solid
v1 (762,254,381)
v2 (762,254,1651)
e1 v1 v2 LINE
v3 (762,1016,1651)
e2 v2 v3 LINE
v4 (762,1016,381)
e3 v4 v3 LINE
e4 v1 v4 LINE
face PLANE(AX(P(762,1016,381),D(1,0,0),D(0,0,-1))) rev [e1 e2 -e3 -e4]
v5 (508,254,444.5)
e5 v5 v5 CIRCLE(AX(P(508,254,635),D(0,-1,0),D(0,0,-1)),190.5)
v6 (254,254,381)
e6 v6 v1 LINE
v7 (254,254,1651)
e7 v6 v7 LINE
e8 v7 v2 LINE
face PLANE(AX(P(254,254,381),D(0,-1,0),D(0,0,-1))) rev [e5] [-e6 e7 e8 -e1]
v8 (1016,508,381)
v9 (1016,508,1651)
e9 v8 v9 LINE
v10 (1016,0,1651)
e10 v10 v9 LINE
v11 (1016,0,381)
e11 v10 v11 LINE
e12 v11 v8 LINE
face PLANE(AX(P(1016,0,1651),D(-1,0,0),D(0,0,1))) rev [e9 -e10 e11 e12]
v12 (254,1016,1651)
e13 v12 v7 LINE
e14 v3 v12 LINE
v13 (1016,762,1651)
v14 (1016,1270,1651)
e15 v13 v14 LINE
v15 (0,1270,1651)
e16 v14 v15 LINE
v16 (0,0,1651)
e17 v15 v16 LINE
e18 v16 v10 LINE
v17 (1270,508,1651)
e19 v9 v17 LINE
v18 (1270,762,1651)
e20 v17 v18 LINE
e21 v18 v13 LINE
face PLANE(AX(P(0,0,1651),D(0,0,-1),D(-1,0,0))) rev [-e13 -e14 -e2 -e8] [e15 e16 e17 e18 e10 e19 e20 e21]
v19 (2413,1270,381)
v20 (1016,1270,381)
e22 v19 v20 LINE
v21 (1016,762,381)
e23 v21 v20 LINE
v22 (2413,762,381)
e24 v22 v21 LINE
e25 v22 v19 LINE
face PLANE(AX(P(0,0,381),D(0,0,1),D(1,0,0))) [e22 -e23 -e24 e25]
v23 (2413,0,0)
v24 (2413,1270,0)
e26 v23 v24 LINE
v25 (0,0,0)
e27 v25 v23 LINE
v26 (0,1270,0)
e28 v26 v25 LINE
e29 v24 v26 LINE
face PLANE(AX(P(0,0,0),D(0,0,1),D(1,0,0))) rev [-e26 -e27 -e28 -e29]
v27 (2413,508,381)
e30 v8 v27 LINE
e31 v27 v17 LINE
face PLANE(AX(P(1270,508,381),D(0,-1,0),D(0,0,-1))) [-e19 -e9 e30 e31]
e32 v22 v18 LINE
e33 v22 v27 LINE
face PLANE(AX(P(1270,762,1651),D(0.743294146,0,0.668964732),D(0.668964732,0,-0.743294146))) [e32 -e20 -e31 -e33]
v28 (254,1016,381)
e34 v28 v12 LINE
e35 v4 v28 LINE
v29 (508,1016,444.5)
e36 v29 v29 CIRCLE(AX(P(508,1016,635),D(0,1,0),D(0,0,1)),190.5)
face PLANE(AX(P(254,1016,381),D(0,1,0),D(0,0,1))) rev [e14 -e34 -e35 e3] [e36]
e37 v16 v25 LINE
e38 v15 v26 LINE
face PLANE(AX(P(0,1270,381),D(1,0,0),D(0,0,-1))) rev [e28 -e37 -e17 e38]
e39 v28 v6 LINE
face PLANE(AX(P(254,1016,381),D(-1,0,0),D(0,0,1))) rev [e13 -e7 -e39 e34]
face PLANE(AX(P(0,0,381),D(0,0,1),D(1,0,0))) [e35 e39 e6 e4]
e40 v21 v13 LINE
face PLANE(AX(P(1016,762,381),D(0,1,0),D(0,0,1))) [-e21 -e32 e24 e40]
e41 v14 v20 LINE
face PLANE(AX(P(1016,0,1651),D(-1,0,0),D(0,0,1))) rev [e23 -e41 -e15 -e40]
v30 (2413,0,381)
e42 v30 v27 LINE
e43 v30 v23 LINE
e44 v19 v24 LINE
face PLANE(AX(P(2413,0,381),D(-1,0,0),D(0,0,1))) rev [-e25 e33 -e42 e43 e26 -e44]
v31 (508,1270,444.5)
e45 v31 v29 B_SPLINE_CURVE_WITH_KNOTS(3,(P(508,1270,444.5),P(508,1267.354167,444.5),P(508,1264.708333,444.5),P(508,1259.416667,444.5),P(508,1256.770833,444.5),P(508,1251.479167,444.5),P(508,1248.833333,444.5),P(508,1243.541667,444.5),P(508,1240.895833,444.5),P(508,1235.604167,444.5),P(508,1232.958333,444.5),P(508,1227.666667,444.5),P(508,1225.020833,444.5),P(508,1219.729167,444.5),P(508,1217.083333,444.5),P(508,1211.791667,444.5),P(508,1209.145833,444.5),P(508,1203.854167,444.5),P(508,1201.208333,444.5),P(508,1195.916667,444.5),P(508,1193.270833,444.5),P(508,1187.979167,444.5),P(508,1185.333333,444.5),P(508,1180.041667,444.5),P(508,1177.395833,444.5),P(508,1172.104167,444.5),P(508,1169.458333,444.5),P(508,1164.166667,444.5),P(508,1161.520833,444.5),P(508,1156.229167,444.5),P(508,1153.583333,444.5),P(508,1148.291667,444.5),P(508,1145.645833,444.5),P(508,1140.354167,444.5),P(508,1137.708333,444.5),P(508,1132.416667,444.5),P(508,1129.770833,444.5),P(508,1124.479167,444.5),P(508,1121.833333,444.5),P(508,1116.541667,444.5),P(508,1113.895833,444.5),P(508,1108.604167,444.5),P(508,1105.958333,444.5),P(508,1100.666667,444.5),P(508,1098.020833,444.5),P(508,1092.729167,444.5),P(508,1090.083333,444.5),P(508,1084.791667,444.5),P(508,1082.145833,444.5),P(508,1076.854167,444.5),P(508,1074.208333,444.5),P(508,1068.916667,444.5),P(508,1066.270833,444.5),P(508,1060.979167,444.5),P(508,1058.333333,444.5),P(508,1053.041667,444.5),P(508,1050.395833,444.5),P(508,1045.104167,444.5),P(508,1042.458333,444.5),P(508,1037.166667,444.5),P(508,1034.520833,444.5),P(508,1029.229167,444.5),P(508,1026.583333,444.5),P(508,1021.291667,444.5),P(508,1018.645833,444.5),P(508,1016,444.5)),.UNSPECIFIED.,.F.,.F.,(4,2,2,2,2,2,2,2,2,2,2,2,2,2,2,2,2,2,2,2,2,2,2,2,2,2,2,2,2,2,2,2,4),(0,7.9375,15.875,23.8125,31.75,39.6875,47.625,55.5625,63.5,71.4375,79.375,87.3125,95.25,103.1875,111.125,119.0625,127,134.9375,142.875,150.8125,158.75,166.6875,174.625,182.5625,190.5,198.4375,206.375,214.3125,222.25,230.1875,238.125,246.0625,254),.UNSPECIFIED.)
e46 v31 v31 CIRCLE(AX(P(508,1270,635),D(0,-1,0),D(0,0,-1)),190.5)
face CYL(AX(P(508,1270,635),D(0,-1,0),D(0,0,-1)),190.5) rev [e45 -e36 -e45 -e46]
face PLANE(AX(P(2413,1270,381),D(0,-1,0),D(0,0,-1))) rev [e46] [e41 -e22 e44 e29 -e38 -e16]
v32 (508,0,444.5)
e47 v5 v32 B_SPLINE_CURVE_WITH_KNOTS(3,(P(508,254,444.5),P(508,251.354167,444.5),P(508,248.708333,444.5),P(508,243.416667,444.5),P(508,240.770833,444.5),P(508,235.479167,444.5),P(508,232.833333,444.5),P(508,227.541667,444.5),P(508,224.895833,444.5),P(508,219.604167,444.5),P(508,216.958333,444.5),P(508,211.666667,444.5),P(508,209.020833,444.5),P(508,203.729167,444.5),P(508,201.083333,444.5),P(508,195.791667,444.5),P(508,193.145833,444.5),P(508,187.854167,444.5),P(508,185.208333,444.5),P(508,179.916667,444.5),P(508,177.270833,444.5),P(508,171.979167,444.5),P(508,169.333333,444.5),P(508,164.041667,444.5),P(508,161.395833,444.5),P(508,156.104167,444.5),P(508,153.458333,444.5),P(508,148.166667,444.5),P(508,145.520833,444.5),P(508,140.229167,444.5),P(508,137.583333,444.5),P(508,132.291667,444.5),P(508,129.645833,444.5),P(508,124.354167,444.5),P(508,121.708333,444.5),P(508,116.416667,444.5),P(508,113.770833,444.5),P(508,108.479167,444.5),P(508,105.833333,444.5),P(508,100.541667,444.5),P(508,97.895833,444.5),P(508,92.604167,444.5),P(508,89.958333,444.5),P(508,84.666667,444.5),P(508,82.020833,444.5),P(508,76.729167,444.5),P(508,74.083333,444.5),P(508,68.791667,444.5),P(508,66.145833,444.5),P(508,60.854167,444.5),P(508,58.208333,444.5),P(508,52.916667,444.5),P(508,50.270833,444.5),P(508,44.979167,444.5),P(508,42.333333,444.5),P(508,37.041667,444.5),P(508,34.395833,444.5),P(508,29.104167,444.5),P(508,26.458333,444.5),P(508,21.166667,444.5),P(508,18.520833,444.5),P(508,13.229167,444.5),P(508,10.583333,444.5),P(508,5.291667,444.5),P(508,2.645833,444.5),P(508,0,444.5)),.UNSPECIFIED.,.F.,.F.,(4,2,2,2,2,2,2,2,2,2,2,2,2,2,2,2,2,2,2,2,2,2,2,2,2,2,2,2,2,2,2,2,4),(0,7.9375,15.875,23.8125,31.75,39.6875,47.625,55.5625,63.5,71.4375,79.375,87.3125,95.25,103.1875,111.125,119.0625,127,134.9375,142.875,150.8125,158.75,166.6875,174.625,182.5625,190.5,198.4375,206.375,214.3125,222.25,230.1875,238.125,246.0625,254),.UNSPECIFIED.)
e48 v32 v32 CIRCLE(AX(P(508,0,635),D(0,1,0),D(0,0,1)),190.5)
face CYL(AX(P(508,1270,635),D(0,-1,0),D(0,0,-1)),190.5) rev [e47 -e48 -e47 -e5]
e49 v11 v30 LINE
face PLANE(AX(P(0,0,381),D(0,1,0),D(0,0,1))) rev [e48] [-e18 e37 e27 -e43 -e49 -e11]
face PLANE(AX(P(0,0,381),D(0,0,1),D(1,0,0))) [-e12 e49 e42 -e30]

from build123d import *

# Parameters (mm, degrees)
SKETCH1_W               = 2413
SKETCH1_H               = 1270
BOSS_EXTRUDE1_DEPTH     = 381
SKETCH2_W               = 1016
SKETCH2_H               = 1270
BOSS_EXTRUDE2_DEPTH     = 1270
SKETCH3_W               = 508
SKETCH3_H               = 762
CUT_EXTRUDE1_DEPTH      = 1270
SKETCH5_W               = 254
SKETCH5_H               = 254
BOSS_EXTRUDE3_DEPTH     = 1270
BOSS_EXTRUDE4_DEPTH     = 254
CUT_EXTRUDE2_DEPTH      = 3188.674701095
CUT_EXTRUDE2_DEPTH_BACK = 3188.674701095
SKETCH8_R               = 190.5


with BuildPart() as part:
    # Sketch1 → Boss-Extrude1 (new body)
    with BuildSketch(Plane.XY):
        with Locations((1206.5, 635)):
            Rectangle(SKETCH1_W, SKETCH1_H)
    extrude(amount=BOSS_EXTRUDE1_DEPTH)

    # Sketch2 → Boss-Extrude2 (add)
    with BuildSketch(Plane.XY.offset(381)):
        with Locations((508, 635)):
            Rectangle(SKETCH2_W, SKETCH2_H)
    extrude(amount=BOSS_EXTRUDE2_DEPTH)

    # Sketch3 → Cut-Extrude1 (cut)
    with BuildSketch(Plane.XY.offset(1651)):
        with Locations((508, 635)):
            Rectangle(SKETCH3_W, SKETCH3_H)
    extrude(amount=-CUT_EXTRUDE1_DEPTH, mode=Mode.SUBTRACT)

    # Sketch5 → Boss-Extrude3 (add)
    with BuildSketch(Plane.XY.offset(1651)):
        with Locations((1143, 635)):
            Rectangle(SKETCH5_W, SKETCH5_H)
    extrude(amount=-BOSS_EXTRUDE3_DEPTH)

    # Sketch7 → Boss-Extrude4 (add)
    with BuildSketch(Plane.XZ.offset(-508)):
        Polygon((1270, 1651), (2413, 381), (1270, 381), align=None)
    extrude(amount=-BOSS_EXTRUDE4_DEPTH)

    # Sketch8 → Cut-Extrude2 (cut, two sides: drawn at the far end of the back side and taken through both)
    with BuildSketch(Plane.XZ.offset(-CUT_EXTRUDE2_DEPTH_BACK)):
        with Locations(Location((508, 635, 0), (0, 0, 270))):
            Circle(SKETCH8_R)
    extrude(amount=CUT_EXTRUDE2_DEPTH + CUT_EXTRUDE2_DEPTH_BACK, mode=Mode.SUBTRACT)


solid = part.part
